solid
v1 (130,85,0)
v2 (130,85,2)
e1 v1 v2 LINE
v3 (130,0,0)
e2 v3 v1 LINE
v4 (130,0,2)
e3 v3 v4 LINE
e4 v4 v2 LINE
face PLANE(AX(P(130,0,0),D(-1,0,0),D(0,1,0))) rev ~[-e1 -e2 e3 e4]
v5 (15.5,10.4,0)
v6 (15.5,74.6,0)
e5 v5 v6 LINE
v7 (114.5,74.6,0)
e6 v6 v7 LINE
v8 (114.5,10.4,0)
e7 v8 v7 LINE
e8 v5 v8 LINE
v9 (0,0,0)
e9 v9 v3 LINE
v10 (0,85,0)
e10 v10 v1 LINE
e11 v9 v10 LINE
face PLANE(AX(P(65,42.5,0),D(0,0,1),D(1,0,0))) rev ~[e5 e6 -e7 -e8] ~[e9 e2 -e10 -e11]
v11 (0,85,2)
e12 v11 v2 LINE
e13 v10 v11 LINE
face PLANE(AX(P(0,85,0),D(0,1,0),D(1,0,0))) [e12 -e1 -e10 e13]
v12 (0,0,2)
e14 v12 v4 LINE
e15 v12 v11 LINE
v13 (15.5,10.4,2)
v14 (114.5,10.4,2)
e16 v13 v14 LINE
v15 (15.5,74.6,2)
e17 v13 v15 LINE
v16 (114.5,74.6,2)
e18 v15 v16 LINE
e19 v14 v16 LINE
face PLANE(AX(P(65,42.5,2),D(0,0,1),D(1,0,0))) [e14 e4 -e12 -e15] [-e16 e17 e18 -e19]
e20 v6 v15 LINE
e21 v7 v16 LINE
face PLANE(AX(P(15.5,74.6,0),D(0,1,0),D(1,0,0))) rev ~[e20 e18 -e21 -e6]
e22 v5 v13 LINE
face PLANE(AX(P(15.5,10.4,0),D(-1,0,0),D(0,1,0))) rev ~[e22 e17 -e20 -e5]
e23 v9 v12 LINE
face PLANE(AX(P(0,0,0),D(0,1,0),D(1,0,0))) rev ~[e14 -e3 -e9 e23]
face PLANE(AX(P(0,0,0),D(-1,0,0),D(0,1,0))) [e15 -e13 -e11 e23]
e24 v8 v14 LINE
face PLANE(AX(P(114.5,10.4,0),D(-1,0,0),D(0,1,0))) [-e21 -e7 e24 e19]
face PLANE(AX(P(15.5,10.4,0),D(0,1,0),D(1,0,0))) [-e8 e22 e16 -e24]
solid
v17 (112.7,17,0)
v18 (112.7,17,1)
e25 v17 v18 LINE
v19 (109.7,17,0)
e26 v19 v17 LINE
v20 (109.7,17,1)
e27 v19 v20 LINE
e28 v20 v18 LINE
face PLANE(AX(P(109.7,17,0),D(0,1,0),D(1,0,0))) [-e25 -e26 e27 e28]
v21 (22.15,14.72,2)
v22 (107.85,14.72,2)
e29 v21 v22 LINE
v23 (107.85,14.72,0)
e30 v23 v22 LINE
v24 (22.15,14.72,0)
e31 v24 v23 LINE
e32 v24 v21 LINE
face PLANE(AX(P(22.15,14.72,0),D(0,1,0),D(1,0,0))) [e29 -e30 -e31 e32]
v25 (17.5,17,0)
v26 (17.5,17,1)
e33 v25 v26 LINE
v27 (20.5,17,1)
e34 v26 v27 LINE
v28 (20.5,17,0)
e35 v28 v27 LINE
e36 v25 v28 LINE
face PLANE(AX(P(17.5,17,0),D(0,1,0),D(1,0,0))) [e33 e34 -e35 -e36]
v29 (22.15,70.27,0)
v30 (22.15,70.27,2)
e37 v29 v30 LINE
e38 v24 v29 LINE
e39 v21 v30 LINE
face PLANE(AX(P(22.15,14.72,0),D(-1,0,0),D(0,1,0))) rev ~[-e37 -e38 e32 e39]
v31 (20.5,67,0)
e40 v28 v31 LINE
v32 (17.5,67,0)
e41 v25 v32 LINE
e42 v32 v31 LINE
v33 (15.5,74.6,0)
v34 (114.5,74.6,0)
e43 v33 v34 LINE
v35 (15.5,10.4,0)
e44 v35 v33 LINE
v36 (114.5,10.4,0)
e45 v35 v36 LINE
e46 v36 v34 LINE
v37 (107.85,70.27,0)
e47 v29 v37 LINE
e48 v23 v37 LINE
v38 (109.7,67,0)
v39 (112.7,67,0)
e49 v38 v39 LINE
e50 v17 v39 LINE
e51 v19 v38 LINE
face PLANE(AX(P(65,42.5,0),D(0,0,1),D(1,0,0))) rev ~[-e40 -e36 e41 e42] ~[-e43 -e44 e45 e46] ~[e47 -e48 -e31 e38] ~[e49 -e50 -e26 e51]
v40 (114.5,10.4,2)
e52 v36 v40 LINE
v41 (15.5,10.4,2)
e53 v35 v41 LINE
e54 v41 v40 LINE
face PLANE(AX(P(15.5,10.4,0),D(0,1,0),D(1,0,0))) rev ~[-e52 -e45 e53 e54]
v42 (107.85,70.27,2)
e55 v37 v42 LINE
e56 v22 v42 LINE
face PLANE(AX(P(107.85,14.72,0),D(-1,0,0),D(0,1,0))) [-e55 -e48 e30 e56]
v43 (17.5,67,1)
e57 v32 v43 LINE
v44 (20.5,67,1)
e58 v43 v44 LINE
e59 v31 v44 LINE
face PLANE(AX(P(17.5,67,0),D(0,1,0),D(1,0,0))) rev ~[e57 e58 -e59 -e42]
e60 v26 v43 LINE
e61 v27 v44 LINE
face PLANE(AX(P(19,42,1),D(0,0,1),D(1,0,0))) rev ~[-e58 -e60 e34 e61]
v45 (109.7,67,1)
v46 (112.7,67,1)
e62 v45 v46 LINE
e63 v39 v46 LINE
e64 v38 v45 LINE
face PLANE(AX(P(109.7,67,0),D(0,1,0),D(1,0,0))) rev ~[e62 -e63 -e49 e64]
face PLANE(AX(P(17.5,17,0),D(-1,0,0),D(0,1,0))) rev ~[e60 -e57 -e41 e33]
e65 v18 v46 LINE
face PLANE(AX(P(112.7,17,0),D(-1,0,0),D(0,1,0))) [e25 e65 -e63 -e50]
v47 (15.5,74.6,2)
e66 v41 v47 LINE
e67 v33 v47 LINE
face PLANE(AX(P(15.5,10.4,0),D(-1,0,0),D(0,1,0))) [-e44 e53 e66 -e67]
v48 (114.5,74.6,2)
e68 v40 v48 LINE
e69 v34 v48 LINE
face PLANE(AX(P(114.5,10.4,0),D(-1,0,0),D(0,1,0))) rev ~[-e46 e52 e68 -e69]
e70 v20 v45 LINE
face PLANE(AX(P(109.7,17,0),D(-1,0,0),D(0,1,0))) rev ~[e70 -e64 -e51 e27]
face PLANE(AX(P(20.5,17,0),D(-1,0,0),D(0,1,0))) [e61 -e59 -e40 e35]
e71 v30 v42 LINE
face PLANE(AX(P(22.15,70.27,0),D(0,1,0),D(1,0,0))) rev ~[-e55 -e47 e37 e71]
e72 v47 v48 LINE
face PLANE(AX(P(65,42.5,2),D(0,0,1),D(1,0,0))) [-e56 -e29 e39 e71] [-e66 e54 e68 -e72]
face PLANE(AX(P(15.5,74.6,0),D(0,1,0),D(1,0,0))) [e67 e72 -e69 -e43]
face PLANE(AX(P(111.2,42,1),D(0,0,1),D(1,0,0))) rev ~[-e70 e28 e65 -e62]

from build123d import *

# Parameters (mm, degrees)
BOX001_W     = 99
BOX001_H     = 64.2
BOX001_DEPTH = 2
BOX_W        = 130
BOX_H        = 85
BOX_DEPTH    = 2
BOX005_W     = 3
BOX005_H     = 50
BOX005_DEPTH = 1
BOX004_W     = 3
BOX004_H     = 50
BOX004_DEPTH = 1
BOX002_W     = 85.7
BOX002_H     = 55.55
BOX002_DEPTH = 2
BOX003_W     = 99
BOX003_H     = 64.2
BOX003_DEPTH = 2


with BuildPart() as cube001:
    # Box001 → Box001 (new body)
    with BuildSketch(Plane(origin=(15.5, 10.4, 0), x_dir=(1, 0, 0), z_dir=(0, 0, 1))):
        with Locations((49.5, 32.1)):
            Rectangle(BOX001_W, BOX001_H)
    extrude(amount=BOX001_DEPTH)


with BuildPart() as cut:
    # Box → Box (new body)
    with BuildSketch(Plane.XY):
        with Locations((65, 42.5)):
            Rectangle(BOX_W, BOX_H)
    extrude(amount=BOX_DEPTH)

    # Cut: cut Cube001
    add(cube001.part, mode=Mode.SUBTRACT)


with BuildPart() as cube005:
    # Box005 → Box005 (new body)
    with BuildSketch(Plane(origin=(109.7, 17, 0), x_dir=(1, 0, 0), z_dir=(0, 0, 1))):
        with Locations((1.5, 25)):
            Rectangle(BOX005_W, BOX005_H)
    extrude(amount=BOX005_DEPTH)


with BuildPart() as cube004:
    # Box004 → Box004 (new body)
    with BuildSketch(Plane(origin=(17.5, 17, 0), x_dir=(1, 0, 0), z_dir=(0, 0, 1))):
        with Locations((1.5, 25)):
            Rectangle(BOX004_W, BOX004_H)
    extrude(amount=BOX004_DEPTH)


with BuildPart() as cube002:
    # Box002 → Box002 (new body)
    with BuildSketch(Plane(origin=(22.15, 14.72, 0), x_dir=(1, 0, 0), z_dir=(0, 0, 1))):
        with Locations((42.85, 27.775)):
            Rectangle(BOX002_W, BOX002_H)
    extrude(amount=BOX002_DEPTH)


with BuildPart() as cut003:
    # Box003 → Box003 (new body)
    with BuildSketch(Plane(origin=(15.5, 10.4, 0), x_dir=(1, 0, 0), z_dir=(0, 0, 1))):
        with Locations((49.5, 32.1)):
            Rectangle(BOX003_W, BOX003_H)
    extrude(amount=BOX003_DEPTH)

    # Cut001: cut Cube002
    add(cube002.part, mode=Mode.SUBTRACT)

    # Cut002: cut Cube004
    add(cube004.part, mode=Mode.SUBTRACT)

    # Cut003: cut Cube005
    add(cube005.part, mode=Mode.SUBTRACT)


solid = Compound([cut.part, cut003.part])
